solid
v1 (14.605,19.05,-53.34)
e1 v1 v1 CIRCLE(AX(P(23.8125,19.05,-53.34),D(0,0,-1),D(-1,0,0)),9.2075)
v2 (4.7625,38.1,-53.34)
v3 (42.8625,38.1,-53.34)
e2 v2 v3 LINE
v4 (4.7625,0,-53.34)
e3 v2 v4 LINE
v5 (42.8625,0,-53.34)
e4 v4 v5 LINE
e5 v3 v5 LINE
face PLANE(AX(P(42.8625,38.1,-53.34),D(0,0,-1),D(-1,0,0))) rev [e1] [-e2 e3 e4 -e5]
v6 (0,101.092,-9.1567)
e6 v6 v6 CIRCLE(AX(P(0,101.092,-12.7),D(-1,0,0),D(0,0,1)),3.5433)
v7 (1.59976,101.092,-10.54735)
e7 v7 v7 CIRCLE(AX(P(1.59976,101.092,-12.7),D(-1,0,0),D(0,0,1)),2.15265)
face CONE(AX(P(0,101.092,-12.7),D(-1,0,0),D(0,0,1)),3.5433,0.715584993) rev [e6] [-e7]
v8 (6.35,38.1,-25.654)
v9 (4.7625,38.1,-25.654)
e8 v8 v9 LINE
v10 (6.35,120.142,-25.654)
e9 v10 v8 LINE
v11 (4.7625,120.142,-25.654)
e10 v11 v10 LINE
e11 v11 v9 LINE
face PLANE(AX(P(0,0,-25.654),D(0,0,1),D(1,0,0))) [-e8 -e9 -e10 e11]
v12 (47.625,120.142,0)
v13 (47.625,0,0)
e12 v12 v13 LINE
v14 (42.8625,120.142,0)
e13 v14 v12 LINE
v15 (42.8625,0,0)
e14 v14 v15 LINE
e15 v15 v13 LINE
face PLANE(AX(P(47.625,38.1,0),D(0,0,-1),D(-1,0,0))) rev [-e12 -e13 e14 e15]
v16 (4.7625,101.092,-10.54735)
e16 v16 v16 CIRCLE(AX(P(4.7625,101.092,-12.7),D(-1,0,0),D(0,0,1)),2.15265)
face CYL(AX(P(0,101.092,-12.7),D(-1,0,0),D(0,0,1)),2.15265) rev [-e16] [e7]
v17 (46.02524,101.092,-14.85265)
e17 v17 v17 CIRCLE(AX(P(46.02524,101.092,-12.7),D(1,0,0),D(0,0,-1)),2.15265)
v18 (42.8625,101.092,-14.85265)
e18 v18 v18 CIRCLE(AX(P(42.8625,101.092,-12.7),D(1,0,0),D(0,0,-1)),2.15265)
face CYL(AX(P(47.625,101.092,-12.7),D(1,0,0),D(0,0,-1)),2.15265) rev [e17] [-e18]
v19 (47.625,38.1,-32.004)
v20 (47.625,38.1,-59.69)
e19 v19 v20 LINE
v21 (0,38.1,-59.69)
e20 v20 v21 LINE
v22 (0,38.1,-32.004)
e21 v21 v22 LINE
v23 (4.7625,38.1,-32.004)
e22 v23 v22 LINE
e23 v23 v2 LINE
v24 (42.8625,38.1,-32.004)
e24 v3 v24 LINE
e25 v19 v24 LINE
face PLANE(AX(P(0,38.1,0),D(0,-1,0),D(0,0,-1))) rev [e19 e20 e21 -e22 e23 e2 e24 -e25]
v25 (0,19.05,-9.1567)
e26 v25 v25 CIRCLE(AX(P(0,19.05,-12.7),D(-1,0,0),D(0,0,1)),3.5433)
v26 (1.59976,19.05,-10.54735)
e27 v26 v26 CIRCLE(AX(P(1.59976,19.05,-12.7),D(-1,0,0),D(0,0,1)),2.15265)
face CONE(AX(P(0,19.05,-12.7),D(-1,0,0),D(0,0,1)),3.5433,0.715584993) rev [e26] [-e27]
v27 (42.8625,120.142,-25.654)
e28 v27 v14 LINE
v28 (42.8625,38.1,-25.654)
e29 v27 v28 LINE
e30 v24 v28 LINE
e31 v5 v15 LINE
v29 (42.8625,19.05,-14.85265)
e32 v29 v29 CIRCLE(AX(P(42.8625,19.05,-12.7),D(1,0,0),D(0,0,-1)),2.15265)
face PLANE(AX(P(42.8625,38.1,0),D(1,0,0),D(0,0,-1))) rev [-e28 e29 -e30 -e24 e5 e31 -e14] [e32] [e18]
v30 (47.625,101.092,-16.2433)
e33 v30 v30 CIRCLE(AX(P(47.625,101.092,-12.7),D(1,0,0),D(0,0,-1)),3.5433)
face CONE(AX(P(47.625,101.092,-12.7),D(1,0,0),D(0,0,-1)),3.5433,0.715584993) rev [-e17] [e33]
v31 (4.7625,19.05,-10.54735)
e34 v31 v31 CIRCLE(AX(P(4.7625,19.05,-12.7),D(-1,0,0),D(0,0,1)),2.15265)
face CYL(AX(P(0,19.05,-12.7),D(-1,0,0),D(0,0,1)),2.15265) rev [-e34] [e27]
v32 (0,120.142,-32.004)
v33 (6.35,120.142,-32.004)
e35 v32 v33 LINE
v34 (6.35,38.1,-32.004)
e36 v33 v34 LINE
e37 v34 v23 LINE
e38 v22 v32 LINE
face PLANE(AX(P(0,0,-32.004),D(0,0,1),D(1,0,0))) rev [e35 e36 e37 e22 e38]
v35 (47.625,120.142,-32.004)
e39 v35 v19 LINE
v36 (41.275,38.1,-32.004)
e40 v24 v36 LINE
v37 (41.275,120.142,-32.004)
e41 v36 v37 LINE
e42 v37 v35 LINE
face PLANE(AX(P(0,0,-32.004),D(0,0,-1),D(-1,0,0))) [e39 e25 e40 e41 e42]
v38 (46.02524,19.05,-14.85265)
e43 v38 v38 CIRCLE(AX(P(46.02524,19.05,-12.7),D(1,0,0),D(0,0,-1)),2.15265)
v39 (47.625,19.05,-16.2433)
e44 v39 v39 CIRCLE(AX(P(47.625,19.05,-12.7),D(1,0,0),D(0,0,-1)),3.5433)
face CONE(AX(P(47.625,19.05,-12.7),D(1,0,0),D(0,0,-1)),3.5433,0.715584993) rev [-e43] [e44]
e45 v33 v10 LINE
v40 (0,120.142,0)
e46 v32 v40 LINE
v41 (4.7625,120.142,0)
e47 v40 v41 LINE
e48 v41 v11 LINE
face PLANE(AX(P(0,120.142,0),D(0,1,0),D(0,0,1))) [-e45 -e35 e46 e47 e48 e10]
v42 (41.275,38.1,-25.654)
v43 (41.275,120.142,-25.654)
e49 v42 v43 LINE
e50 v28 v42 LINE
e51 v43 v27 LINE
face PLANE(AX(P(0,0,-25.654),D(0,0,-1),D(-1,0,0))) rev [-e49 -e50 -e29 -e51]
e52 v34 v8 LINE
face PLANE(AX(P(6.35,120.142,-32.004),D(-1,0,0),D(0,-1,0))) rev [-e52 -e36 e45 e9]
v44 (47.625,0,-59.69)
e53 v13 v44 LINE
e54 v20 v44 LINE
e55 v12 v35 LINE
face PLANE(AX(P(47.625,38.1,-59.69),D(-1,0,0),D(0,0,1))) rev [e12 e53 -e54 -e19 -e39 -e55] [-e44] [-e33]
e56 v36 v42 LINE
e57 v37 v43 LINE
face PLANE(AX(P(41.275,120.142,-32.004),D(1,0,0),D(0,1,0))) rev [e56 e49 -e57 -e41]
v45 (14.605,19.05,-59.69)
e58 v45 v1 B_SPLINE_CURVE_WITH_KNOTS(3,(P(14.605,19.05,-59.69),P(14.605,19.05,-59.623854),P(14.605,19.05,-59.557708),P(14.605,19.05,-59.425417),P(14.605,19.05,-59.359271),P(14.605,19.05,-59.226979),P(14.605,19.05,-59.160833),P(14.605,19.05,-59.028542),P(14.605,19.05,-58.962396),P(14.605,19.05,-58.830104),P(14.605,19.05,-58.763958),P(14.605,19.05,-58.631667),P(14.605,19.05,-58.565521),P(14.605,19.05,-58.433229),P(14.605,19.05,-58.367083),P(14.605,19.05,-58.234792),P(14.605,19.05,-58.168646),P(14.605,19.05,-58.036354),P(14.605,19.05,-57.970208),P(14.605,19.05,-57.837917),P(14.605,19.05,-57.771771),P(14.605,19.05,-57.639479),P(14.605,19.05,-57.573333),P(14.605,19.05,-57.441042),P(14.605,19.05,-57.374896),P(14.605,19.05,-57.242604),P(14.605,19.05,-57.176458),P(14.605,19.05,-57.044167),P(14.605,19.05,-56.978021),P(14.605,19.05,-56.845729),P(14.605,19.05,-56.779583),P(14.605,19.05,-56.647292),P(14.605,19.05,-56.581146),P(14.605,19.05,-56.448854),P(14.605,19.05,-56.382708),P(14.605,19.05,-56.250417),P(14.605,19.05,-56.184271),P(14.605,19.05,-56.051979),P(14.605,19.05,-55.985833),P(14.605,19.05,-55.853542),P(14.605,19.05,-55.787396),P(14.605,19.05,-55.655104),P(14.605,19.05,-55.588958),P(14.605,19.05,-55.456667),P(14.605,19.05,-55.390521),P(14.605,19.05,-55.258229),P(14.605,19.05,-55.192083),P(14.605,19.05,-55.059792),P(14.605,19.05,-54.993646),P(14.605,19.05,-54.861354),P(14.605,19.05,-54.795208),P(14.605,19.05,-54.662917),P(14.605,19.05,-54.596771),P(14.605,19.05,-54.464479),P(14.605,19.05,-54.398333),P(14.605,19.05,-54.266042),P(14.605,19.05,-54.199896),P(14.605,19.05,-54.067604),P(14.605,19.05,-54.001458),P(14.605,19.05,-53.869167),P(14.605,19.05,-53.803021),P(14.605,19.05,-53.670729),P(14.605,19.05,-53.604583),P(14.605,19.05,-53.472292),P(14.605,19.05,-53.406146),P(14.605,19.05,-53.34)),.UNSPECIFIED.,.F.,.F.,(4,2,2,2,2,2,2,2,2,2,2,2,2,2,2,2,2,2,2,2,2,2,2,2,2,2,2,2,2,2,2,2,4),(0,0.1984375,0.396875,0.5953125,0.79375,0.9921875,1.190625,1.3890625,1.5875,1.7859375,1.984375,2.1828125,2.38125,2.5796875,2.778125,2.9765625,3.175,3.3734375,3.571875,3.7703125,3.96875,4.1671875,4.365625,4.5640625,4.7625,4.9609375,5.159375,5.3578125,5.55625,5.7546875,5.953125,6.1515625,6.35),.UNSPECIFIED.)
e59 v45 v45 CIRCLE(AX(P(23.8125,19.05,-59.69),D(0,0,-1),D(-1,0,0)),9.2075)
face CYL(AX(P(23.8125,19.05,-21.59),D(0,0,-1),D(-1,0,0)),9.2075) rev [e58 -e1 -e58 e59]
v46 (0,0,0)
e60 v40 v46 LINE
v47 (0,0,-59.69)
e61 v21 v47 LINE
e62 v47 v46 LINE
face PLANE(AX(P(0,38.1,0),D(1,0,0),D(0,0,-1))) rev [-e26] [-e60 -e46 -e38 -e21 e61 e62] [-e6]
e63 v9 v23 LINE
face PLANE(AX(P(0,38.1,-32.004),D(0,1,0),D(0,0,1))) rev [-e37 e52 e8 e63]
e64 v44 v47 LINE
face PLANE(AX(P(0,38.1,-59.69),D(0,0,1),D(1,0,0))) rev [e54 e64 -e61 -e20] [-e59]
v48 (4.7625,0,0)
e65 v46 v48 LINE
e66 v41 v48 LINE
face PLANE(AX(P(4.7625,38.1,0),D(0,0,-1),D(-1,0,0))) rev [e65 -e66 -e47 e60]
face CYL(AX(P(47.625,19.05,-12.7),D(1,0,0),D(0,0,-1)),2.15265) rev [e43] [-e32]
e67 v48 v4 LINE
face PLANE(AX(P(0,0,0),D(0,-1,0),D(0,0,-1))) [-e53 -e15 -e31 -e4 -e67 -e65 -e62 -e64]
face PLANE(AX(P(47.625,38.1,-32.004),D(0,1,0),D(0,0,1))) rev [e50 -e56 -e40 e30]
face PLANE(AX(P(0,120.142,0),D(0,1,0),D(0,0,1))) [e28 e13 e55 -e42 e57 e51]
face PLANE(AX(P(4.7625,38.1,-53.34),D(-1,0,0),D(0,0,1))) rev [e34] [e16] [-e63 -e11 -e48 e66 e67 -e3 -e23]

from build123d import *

# Parameters (mm, degrees)
BOSS_EXTRUDE1_DEPTH                            = 38.1
SKETCH7_R                                      = 9.2075
CUT_EXTRUDE2_DEPTH                             = 38.1
SKETCH8_W                                      = 4.7625
SKETCH8_H                                      = 25.654
BOSS_EXTRUDE2_DEPTH                            = 82.042
CSK_FOR_6_FLAT_HEAD_MACHINE_SCREW1_D           = 4.3053
CSK_FOR_6_FLAT_HEAD_MACHINE_SCREW1_DEPTH       = 4.7625
CSK_FOR_6_FLAT_HEAD_MACHINE_SCREW1_CSINK_D     = 7.0866
CSK_FOR_6_FLAT_HEAD_MACHINE_SCREW1_CSINK_ANGLE = 82
CSK_FOR_6_FLAT_HEAD_MACHINE_SCREW2_D           = 4.3053
CSK_FOR_6_FLAT_HEAD_MACHINE_SCREW2_CSINK_D     = 7.0866
CSK_FOR_6_FLAT_HEAD_MACHINE_SCREW2_CSINK_ANGLE = 82
SKETCH9_W                                      = 6.35
SKETCH9_H                                      = 82.042
BOSS_EXTRUDE3_DEPTH                            = 6.35


with BuildPart() as part:
    # Sketch1 → Boss-Extrude1 (new body)
    with BuildSketch(Plane(origin=(0, 0, 0), x_dir=(1, 0, 0), z_dir=(0, 1, 0))):
        Polygon((0, 0), (0, 59.69), (47.625, 59.69), (47.625, 0), (42.8625, 0), (42.8625, 53.34), (4.7625, 53.34), (4.7625, 0), align=None)
    extrude(amount=BOSS_EXTRUDE1_DEPTH)

    # Sketch7 → Cut-Extrude2 (cut)
    with BuildSketch(Plane(origin=(0, 0, -59.69), x_dir=(-1, 0, 0), z_dir=(0, 0, -1))):
        with Locations((-23.8125, 19.05)):
            Circle(SKETCH7_R)
    extrude(amount=-CUT_EXTRUDE2_DEPTH, mode=Mode.SUBTRACT)

    # Sketch8 → Boss-Extrude2 (add)
    with BuildSketch(Plane(origin=(0, 38.1, 0), x_dir=(1, 0, 0), z_dir=(0, 1, 0))):
        with Locations((2.38125, 12.827)):
            Rectangle(SKETCH8_W, SKETCH8_H)
        with Locations((45.24375, 12.827)):
            Rectangle(SKETCH8_W, SKETCH8_H)
    extrude(amount=BOSS_EXTRUDE2_DEPTH)

    # CSK for #6 Flat Head Machine Screw1
    with Locations(Plane.ZY):
        with Locations((-12.7, 19.05), (-12.7, 101.092)):
            CounterSinkHole(CSK_FOR_6_FLAT_HEAD_MACHINE_SCREW1_D / 2, CSK_FOR_6_FLAT_HEAD_MACHINE_SCREW1_CSINK_D / 2, depth=CSK_FOR_6_FLAT_HEAD_MACHINE_SCREW1_DEPTH, counter_sink_angle=CSK_FOR_6_FLAT_HEAD_MACHINE_SCREW1_CSINK_ANGLE)

    # CSK for #6 Flat Head Machine Screw2 (through all)
    with Locations(Plane(origin=(47.625, 0, 0), x_dir=(0, 0, -1), z_dir=(1, 0, 0))):
        with Locations((12.7, 19.05), (12.7, 101.092)):
            CounterSinkHole(CSK_FOR_6_FLAT_HEAD_MACHINE_SCREW2_D / 2, CSK_FOR_6_FLAT_HEAD_MACHINE_SCREW2_CSINK_D / 2, counter_sink_angle=CSK_FOR_6_FLAT_HEAD_MACHINE_SCREW2_CSINK_ANGLE)

    # Sketch9 → Boss-Extrude3 (add)
    with BuildSketch(Plane(origin=(0, 0, -25.654), x_dir=(-1, 0, 0), z_dir=(0, 0, -1))):
        with Locations((-3.175, 79.121)):
            Rectangle(SKETCH9_W, SKETCH9_H)
        with Locations((-44.45, 79.121)):
            Rectangle(SKETCH9_W, SKETCH9_H)
    extrude(amount=BOSS_EXTRUDE3_DEPTH)


solid = part.part
